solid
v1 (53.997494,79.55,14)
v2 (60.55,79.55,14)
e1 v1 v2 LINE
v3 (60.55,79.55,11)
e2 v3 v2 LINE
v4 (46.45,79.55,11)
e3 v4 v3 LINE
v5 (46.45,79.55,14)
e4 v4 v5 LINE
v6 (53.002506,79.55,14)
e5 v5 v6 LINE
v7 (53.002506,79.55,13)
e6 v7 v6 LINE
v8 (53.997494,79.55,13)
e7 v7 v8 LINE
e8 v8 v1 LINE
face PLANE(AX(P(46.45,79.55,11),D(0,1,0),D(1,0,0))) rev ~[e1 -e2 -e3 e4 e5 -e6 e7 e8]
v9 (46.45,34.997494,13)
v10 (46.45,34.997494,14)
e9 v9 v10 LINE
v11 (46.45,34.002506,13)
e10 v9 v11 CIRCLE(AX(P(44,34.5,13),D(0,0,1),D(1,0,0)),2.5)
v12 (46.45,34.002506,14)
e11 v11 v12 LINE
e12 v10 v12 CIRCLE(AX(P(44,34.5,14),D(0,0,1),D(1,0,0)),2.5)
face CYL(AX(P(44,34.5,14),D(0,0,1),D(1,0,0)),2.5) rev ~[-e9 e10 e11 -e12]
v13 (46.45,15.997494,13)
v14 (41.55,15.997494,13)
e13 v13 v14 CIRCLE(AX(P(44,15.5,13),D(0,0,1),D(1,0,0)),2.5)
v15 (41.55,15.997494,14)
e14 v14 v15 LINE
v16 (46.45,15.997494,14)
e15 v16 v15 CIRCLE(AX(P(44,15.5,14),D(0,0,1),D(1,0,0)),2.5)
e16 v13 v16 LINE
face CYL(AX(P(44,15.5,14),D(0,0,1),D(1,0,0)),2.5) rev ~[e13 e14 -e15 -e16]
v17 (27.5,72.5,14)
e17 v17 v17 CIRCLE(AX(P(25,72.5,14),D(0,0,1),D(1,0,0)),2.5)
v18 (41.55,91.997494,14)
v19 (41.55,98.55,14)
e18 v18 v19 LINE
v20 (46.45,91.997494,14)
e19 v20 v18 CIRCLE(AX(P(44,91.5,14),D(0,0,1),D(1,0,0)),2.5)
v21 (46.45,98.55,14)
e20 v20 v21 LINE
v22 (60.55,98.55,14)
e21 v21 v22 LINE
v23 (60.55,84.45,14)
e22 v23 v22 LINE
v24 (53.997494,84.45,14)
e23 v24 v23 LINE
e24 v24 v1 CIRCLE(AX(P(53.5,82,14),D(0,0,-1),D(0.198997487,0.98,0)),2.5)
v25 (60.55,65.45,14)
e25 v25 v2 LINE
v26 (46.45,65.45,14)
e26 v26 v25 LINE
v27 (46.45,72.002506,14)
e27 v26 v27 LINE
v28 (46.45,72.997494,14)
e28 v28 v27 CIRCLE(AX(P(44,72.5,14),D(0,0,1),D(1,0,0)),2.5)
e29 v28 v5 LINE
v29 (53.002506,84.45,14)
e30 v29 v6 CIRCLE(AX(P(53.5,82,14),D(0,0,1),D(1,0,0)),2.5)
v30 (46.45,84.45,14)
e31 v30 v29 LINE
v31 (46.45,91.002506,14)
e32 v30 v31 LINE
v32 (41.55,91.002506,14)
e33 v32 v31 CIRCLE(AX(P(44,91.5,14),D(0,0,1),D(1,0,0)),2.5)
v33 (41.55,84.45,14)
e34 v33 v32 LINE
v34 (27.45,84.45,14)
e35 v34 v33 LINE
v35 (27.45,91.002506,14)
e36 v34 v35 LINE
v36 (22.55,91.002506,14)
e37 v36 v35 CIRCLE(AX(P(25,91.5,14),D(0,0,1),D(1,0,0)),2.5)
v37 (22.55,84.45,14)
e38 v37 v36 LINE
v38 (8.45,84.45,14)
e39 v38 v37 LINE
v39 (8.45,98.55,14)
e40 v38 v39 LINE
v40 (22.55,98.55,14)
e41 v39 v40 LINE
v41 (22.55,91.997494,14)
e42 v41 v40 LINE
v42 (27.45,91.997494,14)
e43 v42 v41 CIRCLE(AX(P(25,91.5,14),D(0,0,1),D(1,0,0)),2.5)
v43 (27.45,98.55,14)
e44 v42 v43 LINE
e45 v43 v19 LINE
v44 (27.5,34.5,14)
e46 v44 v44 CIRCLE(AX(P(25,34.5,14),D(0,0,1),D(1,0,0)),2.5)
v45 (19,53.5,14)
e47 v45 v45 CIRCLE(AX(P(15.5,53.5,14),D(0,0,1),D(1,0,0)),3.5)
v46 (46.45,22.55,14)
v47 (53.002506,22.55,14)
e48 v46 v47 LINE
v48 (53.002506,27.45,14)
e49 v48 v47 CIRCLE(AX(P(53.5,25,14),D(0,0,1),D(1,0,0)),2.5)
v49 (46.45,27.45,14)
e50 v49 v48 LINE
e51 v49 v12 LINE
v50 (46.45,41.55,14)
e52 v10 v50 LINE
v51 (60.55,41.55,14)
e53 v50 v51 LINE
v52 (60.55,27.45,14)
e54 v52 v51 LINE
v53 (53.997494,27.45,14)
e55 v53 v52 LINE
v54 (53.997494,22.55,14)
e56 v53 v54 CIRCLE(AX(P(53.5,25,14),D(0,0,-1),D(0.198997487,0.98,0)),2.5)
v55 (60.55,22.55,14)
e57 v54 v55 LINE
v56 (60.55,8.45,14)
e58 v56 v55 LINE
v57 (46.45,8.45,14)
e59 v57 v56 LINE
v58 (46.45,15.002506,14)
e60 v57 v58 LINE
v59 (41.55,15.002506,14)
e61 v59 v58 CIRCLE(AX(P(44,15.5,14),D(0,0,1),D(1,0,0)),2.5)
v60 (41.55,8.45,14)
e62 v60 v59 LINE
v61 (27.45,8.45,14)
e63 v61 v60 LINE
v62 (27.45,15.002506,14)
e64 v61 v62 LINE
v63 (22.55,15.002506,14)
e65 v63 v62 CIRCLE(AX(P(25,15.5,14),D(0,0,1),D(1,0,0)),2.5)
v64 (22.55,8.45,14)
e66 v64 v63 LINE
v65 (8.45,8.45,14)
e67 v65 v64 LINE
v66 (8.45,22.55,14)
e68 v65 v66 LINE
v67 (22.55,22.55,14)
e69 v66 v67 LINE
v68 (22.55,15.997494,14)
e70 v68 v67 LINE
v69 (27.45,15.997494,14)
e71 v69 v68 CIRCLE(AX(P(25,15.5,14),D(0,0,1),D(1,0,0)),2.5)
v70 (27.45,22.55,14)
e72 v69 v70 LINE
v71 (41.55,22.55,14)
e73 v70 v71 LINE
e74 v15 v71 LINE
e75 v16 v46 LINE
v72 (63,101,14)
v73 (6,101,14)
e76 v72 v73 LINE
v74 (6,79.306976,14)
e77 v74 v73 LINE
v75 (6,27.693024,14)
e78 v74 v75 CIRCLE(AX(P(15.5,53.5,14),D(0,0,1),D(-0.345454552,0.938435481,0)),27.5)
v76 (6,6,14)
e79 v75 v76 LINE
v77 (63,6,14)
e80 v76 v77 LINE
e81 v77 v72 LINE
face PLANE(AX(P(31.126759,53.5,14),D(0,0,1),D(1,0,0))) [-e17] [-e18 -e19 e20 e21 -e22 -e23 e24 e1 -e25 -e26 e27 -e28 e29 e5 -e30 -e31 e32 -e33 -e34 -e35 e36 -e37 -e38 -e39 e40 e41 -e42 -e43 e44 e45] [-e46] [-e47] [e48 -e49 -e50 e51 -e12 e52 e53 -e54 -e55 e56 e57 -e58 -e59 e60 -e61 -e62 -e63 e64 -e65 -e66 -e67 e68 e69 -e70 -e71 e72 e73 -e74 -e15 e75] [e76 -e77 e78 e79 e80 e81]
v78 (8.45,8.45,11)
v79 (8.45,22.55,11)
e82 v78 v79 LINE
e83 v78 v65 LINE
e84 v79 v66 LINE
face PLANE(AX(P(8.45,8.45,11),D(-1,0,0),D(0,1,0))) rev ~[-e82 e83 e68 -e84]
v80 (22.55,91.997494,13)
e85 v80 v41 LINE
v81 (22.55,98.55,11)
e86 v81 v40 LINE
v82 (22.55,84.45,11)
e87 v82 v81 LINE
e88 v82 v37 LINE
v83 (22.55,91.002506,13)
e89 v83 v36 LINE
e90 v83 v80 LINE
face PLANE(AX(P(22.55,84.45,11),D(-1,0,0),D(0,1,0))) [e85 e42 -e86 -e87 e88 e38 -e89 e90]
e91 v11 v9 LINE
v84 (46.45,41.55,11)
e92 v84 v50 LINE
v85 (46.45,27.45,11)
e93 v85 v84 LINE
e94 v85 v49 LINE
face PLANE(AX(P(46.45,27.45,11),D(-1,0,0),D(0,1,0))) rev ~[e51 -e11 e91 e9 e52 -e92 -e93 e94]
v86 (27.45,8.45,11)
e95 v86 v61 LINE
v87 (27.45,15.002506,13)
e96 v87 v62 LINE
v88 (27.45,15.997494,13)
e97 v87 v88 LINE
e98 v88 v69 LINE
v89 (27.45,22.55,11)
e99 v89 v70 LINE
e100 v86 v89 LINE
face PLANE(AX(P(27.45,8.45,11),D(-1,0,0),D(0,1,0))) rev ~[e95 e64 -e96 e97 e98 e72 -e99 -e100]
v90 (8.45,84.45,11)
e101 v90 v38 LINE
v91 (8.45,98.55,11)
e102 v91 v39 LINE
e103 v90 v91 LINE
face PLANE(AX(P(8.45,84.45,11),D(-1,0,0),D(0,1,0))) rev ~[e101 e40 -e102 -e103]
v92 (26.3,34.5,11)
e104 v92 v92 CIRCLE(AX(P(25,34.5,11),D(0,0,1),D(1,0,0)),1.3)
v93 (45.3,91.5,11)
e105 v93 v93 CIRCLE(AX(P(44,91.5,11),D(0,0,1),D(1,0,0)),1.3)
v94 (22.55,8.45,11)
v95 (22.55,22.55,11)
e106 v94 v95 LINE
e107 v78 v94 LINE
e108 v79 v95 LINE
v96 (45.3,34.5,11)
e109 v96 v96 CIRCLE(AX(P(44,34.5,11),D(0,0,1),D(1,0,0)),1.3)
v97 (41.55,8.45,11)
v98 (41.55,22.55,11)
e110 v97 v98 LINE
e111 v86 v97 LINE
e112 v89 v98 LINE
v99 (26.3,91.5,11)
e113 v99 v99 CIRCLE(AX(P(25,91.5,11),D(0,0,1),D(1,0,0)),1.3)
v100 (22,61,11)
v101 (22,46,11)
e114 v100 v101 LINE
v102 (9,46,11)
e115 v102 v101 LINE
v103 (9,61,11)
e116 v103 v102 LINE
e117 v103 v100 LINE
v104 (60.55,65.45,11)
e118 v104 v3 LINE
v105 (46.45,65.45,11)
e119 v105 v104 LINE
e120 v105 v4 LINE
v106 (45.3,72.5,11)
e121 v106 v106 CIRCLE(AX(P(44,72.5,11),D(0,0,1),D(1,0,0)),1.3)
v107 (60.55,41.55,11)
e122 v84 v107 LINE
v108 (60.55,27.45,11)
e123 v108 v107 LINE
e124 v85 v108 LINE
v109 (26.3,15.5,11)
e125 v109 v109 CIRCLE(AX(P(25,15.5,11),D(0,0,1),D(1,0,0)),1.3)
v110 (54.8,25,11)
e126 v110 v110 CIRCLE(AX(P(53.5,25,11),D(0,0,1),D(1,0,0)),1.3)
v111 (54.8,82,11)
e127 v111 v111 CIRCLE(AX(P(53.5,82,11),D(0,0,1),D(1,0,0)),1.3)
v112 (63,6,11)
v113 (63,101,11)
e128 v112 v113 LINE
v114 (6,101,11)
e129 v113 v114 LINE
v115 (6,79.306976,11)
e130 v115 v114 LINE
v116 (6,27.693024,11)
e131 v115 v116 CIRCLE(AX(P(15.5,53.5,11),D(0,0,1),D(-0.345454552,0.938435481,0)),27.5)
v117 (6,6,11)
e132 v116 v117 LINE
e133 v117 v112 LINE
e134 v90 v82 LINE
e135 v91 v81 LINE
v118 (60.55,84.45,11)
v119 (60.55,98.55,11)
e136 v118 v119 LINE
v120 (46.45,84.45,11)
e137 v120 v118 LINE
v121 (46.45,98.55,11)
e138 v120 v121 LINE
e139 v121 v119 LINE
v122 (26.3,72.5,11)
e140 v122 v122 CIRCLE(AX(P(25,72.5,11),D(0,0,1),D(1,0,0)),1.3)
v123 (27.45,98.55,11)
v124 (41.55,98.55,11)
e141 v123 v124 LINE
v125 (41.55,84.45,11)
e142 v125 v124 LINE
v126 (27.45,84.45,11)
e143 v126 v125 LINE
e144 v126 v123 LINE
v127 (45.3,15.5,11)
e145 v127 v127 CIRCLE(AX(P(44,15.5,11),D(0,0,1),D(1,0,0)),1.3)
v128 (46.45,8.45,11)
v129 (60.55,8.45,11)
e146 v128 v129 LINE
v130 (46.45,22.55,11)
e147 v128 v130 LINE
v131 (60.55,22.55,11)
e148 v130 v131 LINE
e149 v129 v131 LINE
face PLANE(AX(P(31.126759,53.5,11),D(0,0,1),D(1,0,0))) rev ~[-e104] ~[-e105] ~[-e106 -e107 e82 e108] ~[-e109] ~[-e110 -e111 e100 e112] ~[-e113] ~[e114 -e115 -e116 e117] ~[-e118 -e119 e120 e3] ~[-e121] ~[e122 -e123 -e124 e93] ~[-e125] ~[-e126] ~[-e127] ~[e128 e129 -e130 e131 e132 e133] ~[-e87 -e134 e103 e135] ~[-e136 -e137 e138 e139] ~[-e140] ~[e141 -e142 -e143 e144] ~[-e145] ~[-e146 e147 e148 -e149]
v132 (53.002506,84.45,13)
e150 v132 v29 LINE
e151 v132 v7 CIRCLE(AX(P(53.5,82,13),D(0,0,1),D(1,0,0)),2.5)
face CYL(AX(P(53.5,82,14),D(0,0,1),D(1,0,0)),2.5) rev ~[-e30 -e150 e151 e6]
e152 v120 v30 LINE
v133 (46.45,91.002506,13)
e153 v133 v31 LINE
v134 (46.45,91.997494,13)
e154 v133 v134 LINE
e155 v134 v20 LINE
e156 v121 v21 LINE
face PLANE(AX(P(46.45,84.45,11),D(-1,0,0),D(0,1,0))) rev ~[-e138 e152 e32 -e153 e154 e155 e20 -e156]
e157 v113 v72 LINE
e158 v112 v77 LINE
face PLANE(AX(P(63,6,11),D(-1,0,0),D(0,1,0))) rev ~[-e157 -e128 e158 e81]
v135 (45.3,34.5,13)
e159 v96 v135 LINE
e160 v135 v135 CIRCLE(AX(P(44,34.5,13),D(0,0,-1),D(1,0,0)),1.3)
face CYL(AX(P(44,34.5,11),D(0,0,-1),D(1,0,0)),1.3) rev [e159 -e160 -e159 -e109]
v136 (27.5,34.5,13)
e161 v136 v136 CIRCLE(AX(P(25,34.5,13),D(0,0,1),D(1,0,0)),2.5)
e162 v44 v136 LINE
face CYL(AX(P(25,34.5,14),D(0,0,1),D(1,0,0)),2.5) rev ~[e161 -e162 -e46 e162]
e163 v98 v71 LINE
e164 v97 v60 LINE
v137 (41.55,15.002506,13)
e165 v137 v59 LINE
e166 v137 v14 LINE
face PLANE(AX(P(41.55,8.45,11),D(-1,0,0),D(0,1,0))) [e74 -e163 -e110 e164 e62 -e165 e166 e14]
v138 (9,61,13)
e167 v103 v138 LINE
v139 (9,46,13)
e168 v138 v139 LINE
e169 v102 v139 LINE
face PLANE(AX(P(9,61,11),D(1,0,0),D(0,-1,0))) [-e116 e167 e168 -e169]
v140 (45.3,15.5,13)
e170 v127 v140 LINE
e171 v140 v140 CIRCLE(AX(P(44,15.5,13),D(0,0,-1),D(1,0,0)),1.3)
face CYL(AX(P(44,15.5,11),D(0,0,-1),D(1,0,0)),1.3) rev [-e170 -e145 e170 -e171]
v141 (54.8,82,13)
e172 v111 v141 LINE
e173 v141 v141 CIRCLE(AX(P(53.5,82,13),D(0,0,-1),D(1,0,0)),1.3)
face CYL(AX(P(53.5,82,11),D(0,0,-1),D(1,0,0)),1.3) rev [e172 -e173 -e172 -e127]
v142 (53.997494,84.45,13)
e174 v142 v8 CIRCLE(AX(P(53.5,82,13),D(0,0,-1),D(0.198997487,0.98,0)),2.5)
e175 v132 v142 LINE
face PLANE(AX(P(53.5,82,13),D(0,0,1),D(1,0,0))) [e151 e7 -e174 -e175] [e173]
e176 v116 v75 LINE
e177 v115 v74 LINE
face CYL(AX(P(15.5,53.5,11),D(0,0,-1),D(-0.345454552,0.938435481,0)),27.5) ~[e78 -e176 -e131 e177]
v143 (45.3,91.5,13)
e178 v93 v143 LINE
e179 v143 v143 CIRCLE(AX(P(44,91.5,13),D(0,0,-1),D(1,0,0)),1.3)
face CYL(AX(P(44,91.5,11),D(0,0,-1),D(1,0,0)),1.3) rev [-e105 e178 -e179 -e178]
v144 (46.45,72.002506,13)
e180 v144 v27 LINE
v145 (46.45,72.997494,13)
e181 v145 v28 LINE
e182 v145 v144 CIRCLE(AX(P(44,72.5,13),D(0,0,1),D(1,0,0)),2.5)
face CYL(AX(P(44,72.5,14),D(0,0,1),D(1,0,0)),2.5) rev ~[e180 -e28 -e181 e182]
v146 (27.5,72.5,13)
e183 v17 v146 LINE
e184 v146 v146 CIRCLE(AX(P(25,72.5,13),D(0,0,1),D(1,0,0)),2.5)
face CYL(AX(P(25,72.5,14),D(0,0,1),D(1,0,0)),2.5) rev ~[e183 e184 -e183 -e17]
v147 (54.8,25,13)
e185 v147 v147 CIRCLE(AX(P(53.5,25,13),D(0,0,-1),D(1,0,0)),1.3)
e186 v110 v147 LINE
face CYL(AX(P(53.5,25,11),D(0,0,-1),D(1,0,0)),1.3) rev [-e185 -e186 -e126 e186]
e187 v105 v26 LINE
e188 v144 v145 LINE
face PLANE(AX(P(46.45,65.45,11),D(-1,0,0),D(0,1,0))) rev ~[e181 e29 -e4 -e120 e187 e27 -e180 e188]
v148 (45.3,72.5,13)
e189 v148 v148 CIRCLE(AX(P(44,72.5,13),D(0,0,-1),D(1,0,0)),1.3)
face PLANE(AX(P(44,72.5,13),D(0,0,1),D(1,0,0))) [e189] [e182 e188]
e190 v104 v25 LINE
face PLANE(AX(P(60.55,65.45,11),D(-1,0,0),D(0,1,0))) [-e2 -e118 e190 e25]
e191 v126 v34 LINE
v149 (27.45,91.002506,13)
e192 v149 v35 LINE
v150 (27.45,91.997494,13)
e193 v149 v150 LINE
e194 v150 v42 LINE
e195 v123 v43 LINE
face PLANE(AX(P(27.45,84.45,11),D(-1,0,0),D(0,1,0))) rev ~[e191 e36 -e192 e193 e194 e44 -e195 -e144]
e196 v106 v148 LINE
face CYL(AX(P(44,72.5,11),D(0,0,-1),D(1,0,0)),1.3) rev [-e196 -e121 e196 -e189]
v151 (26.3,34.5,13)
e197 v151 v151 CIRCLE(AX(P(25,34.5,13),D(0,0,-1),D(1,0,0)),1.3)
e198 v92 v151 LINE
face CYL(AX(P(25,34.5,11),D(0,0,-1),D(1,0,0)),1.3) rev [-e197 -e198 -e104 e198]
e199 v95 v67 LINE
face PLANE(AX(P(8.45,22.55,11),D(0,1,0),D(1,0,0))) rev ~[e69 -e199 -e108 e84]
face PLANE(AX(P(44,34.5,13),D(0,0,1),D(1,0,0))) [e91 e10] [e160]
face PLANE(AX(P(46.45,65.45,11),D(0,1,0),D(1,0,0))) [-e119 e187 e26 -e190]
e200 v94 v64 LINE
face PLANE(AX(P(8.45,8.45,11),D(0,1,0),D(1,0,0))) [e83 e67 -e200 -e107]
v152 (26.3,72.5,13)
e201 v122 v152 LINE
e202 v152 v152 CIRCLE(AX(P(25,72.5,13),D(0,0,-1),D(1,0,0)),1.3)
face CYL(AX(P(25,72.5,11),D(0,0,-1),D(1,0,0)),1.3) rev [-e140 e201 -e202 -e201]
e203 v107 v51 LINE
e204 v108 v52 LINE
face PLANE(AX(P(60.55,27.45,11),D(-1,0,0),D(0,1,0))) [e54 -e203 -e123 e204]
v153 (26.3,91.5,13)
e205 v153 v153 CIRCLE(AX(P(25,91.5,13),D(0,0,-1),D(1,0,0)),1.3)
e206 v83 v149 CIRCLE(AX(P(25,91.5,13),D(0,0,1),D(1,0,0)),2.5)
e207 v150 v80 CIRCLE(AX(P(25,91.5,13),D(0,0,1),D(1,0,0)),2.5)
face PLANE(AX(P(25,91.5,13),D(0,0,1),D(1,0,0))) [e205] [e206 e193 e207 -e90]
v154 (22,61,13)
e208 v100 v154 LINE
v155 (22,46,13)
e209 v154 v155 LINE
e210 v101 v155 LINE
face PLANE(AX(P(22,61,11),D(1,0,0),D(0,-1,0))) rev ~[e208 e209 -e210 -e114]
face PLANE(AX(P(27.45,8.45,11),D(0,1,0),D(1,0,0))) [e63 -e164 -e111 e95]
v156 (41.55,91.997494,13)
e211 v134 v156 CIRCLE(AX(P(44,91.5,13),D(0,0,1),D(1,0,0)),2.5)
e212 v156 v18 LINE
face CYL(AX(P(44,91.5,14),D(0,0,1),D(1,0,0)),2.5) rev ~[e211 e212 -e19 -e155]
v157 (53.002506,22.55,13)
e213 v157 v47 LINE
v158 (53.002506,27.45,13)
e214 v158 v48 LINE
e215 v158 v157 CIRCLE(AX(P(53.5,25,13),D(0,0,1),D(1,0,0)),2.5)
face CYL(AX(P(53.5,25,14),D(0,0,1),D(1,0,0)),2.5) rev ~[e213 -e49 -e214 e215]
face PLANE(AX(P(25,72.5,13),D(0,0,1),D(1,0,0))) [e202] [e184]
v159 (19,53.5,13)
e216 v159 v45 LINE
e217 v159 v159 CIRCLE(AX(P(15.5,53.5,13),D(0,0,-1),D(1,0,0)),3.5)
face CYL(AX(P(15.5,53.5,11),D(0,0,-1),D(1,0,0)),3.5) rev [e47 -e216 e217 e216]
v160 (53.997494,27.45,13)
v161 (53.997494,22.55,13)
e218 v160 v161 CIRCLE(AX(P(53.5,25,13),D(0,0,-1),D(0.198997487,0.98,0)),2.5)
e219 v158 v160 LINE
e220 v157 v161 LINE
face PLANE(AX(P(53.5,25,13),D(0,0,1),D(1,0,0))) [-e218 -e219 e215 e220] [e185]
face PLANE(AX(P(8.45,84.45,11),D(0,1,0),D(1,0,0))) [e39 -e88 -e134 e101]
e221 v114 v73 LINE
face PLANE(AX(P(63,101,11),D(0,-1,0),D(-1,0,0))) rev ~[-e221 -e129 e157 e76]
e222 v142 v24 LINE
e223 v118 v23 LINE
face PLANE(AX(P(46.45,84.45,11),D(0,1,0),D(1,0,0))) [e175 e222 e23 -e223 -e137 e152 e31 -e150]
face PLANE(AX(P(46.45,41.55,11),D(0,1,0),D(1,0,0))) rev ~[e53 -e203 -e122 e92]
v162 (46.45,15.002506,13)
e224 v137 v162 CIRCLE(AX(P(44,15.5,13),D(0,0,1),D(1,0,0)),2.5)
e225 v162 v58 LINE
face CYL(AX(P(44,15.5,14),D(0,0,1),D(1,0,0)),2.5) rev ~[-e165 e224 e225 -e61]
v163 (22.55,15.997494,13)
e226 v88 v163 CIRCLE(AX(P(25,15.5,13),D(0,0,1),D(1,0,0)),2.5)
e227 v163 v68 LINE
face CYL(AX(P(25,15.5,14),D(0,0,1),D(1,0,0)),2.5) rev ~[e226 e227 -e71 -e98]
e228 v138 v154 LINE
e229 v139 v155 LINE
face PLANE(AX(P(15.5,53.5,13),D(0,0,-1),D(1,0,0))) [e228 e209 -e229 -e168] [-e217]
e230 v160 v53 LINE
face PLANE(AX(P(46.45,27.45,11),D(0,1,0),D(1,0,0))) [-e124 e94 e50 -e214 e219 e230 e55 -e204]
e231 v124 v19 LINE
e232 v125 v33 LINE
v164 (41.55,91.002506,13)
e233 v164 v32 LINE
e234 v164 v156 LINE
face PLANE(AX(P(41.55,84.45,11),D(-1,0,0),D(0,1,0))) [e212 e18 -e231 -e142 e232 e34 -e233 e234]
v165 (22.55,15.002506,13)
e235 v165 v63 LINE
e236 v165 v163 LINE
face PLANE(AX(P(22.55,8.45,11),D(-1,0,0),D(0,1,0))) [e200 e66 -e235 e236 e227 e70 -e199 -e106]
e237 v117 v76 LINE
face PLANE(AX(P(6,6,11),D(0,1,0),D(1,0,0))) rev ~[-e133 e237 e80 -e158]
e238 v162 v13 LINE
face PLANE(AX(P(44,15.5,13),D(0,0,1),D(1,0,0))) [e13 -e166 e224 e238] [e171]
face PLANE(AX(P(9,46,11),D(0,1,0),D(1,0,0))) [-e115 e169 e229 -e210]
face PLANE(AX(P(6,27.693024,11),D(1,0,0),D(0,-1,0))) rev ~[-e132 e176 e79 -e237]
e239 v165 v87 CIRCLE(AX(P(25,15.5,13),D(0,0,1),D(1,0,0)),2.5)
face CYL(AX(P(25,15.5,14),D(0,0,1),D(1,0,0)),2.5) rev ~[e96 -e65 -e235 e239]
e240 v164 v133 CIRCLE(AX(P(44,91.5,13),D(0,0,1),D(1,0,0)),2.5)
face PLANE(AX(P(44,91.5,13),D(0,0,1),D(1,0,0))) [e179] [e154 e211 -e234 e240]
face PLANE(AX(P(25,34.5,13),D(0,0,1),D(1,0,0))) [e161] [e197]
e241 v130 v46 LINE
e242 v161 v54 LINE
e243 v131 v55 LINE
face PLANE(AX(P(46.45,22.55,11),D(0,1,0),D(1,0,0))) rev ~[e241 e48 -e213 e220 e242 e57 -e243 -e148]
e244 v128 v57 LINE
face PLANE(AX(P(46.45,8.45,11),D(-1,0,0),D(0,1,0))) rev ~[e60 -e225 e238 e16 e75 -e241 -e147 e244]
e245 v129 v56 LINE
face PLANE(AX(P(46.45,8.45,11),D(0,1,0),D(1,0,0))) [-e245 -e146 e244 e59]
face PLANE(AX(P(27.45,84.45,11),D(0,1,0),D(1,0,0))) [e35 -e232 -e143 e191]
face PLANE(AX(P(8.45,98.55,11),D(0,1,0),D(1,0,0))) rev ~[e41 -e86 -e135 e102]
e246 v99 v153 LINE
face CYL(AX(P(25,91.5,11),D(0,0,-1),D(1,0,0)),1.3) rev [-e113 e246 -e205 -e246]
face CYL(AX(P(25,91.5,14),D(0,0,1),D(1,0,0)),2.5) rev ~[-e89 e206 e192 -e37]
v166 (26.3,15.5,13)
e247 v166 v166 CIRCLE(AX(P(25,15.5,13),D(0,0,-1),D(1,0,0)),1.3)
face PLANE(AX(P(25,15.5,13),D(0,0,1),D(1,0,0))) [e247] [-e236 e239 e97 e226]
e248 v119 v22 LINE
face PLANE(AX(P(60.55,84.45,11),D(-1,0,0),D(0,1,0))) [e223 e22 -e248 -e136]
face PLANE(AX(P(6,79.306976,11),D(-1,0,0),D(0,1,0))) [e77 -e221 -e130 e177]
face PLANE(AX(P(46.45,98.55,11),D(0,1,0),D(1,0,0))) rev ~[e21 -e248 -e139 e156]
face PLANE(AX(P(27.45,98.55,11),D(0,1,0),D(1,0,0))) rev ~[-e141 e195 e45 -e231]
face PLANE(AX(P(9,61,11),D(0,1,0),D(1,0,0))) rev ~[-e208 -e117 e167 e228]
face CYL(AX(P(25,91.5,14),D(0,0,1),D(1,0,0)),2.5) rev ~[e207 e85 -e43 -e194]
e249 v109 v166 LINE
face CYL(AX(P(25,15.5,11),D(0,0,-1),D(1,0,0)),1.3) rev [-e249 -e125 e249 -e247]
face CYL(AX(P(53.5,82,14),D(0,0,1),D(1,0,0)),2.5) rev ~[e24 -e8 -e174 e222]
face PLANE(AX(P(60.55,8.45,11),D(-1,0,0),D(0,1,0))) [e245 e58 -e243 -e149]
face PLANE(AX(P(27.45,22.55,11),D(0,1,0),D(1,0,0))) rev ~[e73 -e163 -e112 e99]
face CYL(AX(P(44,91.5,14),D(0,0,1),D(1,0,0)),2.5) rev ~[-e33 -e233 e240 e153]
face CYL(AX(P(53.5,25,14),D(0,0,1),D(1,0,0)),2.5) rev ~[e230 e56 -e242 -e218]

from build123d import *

# Parameters (mm, degrees)
SKETCH014_R     = 3.5
SKETCH014_R_2   = 1.3
SKETCH014_W     = 14.1
SKETCH014_H     = 14.1
PAD004_DEPTH    = 3
SKETCH015_R     = 2.5
POCKET009_DEPTH = 1
SKETCH016_W     = 13
SKETCH016_H     = 15
POCKET010_DEPTH = 2


with BuildPart() as part:
    # Sketch014 → Pad004 (new body)
    with BuildSketch(Plane.XY):
        with BuildLine():
            Line((0, 0), (57, 0))
            Line((57, 0), (57, 95))
            Line((57, 95), (0, 95))
            Line((0, 73.306976), (0, 95))
            ThreePointArc((0, 73.306976), (-18, 47.5), (0, 21.693024))
            Line((0, 21.693024), (0, 0))
        make_face()
        with Locations((9.5, 47.5)):
            Circle(SKETCH014_R, mode=Mode.SUBTRACT)
        with Locations((19, 85.5)):
            Circle(SKETCH014_R_2, mode=Mode.SUBTRACT)
        with Locations((38, 85.5)):
            Circle(SKETCH014_R_2, mode=Mode.SUBTRACT)
        with Locations((38, 66.5)):
            Circle(SKETCH014_R_2, mode=Mode.SUBTRACT)
        with Locations((19, 66.5)):
            Circle(SKETCH014_R_2, mode=Mode.SUBTRACT)
        with Locations((38, 28.5)):
            Circle(SKETCH014_R_2, mode=Mode.SUBTRACT)
        with Locations((19, 28.5)):
            Circle(SKETCH014_R_2, mode=Mode.SUBTRACT)
        with Locations((19, 9.5)):
            Circle(SKETCH014_R_2, mode=Mode.SUBTRACT)
        with Locations((38, 9.5)):
            Circle(SKETCH014_R_2, mode=Mode.SUBTRACT)
        with Locations((47.5, 19)):
            Circle(SKETCH014_R_2, mode=Mode.SUBTRACT)
        with Locations((47.5, 76)):
            Circle(SKETCH014_R_2, mode=Mode.SUBTRACT)
        with Locations((9.5, 9.5)):
            Rectangle(SKETCH014_W, SKETCH014_H, mode=Mode.SUBTRACT)
        with Locations((28.5, 9.5)):
            Rectangle(SKETCH014_W, SKETCH014_H, mode=Mode.SUBTRACT)
        with Locations((47.5, 9.5)):
            Rectangle(SKETCH014_W, SKETCH014_H, mode=Mode.SUBTRACT)
        with Locations((47.5, 28.5)):
            Rectangle(SKETCH014_W, SKETCH014_H, mode=Mode.SUBTRACT)
        with Locations((47.5, 66.5)):
            Rectangle(SKETCH014_W, SKETCH014_H, mode=Mode.SUBTRACT)
        with Locations((47.5, 85.5)):
            Rectangle(SKETCH014_W, SKETCH014_H, mode=Mode.SUBTRACT)
        with Locations((28.5, 85.5)):
            Rectangle(SKETCH014_W, SKETCH014_H, mode=Mode.SUBTRACT)
        with Locations((9.5, 85.5)):
            Rectangle(SKETCH014_W, SKETCH014_H, mode=Mode.SUBTRACT)
    extrude(amount=PAD004_DEPTH)

    # Sketch015 (on Face51 of Pad004) → Pocket009 (cut)
    with BuildSketch(Plane.XY.offset(3)):
        with Locations((19, 28.5)):
            Circle(SKETCH015_R)
        with Locations((38, 28.5)):
            Circle(SKETCH015_R)
        with Locations((47.5, 19)):
            Circle(SKETCH015_R)
        with Locations((38, 9.5)):
            Circle(SKETCH015_R)
        with Locations((19, 9.5)):
            Circle(SKETCH015_R)
        with Locations((19, 66.5)):
            Circle(SKETCH015_R)
        with Locations((38, 85.5)):
            Circle(SKETCH015_R)
        with Locations((38, 66.5)):
            Circle(SKETCH015_R)
        with Locations((47.5, 76)):
            Circle(SKETCH015_R)
        with Locations((19, 85.5)):
            Circle(SKETCH015_R)
    extrude(amount=-POCKET009_DEPTH, mode=Mode.SUBTRACT)

    # Sketch016 (on Face4 of Pocket009) → Pocket010 (cut)
    with BuildSketch(Plane(origin=(0, 0, 0), x_dir=(1, 0, 0), z_dir=(0, 0, -1))):
        with Locations((9.5, -47.5)):
            Rectangle(SKETCH016_W, SKETCH016_H)
    extrude(amount=-POCKET010_DEPTH, mode=Mode.SUBTRACT)


with BuildPart() as part_1:
    # Body002 placement: moved
    add(part.part.moved(Location((6, 6, 11))))


solid = part_1.part
